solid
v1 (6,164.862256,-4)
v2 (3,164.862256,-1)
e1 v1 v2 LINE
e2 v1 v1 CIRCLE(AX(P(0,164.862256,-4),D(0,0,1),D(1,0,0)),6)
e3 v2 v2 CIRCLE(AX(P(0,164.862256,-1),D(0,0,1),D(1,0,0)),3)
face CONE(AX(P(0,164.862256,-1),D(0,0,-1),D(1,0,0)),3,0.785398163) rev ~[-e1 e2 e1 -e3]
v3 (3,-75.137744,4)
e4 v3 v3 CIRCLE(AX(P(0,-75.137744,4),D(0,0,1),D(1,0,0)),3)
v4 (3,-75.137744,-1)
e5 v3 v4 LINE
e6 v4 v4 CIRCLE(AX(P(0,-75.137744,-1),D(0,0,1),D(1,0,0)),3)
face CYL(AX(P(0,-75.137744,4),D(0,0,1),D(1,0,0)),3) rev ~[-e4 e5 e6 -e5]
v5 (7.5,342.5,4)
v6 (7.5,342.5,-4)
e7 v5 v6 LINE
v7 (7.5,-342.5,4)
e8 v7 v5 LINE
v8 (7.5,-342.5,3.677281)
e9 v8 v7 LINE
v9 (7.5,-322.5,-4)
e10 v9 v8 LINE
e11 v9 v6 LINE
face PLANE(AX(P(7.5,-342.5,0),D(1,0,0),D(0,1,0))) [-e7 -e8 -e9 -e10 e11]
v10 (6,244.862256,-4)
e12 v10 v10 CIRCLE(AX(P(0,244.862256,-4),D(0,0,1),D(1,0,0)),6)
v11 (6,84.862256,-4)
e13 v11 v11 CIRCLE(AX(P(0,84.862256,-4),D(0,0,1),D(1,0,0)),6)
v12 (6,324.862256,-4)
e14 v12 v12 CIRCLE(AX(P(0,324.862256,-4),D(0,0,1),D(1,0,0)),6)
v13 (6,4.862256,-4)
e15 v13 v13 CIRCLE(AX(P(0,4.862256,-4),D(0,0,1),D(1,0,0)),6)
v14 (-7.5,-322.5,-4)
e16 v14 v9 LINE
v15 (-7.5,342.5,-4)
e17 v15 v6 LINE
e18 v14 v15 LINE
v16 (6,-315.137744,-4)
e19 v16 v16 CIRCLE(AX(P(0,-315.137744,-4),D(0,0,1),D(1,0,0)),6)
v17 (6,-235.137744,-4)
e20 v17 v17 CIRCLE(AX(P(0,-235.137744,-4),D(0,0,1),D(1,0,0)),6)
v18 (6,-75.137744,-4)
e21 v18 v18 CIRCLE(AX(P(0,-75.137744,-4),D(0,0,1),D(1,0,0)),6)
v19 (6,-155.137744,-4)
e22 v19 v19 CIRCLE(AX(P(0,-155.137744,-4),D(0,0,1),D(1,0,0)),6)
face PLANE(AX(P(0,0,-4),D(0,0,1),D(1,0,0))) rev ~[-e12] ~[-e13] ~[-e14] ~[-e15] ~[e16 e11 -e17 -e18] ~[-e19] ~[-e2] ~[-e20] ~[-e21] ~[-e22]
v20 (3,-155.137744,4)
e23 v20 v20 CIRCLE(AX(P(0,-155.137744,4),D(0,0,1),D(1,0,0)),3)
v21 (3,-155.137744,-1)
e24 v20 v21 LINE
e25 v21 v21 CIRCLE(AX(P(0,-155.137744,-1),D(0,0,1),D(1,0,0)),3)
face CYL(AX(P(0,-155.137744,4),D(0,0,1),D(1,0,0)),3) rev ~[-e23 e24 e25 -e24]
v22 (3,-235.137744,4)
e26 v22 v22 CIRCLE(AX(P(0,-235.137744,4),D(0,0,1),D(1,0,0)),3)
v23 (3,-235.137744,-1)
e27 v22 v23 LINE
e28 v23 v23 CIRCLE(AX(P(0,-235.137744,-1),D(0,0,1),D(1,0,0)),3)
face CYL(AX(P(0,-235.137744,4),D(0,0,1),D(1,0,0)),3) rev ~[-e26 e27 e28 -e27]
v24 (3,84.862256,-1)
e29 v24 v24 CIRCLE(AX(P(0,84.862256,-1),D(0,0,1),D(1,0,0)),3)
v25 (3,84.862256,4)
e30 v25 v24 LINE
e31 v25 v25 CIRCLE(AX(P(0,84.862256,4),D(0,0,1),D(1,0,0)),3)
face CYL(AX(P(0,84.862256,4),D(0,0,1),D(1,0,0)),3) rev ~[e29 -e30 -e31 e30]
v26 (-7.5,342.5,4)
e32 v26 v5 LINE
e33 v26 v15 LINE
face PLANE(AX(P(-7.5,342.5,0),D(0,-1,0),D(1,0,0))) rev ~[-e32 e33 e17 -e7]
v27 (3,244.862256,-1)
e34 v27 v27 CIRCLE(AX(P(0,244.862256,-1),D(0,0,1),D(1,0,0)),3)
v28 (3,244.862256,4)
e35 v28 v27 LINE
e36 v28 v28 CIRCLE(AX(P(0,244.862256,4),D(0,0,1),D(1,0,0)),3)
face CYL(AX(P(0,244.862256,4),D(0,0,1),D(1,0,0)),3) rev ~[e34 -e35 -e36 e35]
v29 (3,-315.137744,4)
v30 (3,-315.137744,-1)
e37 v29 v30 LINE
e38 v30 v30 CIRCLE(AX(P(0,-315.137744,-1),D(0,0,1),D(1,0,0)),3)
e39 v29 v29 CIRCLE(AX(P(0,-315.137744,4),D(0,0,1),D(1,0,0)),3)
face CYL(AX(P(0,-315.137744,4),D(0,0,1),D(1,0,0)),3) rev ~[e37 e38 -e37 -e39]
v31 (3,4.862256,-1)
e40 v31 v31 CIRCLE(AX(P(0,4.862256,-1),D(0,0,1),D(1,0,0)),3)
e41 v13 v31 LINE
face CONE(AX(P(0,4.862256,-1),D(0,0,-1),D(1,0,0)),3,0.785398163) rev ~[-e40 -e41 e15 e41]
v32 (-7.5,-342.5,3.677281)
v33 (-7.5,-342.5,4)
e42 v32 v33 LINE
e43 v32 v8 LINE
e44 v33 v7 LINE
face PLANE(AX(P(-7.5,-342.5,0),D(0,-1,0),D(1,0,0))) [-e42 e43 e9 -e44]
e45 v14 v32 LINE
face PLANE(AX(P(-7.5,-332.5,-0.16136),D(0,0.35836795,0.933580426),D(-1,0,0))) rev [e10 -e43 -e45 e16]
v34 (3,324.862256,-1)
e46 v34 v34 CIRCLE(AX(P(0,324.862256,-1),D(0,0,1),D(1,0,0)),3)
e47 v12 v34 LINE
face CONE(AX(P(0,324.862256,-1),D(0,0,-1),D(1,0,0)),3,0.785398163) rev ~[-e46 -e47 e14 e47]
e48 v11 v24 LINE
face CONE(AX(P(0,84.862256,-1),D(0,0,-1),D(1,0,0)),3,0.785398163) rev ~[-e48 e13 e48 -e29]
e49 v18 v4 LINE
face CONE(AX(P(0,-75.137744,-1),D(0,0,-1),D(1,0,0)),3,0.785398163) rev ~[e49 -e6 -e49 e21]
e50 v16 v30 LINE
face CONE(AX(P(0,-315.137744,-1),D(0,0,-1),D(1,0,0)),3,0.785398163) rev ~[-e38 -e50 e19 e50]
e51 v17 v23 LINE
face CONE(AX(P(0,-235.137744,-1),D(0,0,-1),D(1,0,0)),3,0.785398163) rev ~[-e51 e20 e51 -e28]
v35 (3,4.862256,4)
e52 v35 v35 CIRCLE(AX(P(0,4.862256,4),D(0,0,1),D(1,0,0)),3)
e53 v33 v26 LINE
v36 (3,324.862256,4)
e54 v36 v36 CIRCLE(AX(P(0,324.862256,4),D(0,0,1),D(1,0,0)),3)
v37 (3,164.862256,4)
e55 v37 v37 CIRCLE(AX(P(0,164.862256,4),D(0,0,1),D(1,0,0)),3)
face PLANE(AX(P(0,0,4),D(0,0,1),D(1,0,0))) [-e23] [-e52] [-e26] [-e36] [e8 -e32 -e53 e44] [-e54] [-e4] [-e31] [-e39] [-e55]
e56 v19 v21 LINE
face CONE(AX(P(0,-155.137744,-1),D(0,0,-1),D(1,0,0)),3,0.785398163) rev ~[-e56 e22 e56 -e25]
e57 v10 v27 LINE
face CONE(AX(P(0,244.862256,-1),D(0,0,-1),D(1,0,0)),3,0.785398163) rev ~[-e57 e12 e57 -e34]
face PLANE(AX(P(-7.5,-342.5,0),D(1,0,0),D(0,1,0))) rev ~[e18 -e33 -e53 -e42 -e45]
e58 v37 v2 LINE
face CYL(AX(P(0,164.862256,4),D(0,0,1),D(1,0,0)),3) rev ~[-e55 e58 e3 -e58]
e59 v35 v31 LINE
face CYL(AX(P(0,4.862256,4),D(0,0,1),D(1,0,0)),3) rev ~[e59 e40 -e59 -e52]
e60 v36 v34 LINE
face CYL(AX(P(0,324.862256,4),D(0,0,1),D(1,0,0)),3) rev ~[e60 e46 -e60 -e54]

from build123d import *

# Parameters (mm, degrees)
SKETCH1_W           = 15
SKETCH1_H           = 685
BOSS_EXTRUDE1_DEPTH = 4
SKETCH2_R           = 3
CUT_EXTRUDE1_DEPTH  = 8
CHAMFER1_SIZE       = 20
CHAMFER1_SIZE2      = 7.677280701
LPATTERN1_COUNT     = 9
LPATTERN1_PITCH     = 80
CHAMFER2_SIZE       = 3


with BuildPart() as part:
    # Sketch1 → Boss-Extrude1 (new, symmetric)
    with BuildSketch(Plane.XY):
        Rectangle(SKETCH1_W, SKETCH1_H)
    extrude(amount=BOSS_EXTRUDE1_DEPTH, both=True)

    # Sketch2 → Cut-Extrude1 (cut)
    with BuildSketch(Plane.XY.offset(4)):
        with Locations((0, 324.86225561)):
            Circle(SKETCH2_R)
    cut_extrude1 = extrude(amount=-CUT_EXTRUDE1_DEPTH, mode=Mode.SUBTRACT)

    # Chamfer1
    chamfer1_edges = [part.edges().sort_by_distance(p)[0] for p in [
        (0, -342.5, -4),
    ]]
    chamfer1_side = [part.faces().sort_by_distance(p)[0] for p in [
        (0, -0.896409661, -4),
    ]]
    chamfer(chamfer1_edges, length=CHAMFER1_SIZE, length2=CHAMFER1_SIZE2, reference=chamfer1_side[0])

    # LPattern1: Cut-Extrude1 ×9
    with Locations(*[(0, -i * LPATTERN1_PITCH, 0) for i in range(1, LPATTERN1_COUNT)]):
        add(cut_extrude1, mode=Mode.SUBTRACT)

    # Chamfer2
    chamfer2_edges = [part.edges().sort_by_distance(p)[0] for p in [
        (-3, 324.86225561, -4),
        (-3, 244.86225561, -4),
        (-3, 164.86225561, -4),
        (-3, 84.86225561, -4),
        (-3, 4.86225561, -4),
        (-3, -75.13774439, -4),
        (-3, -155.13774439, -4),
        (-3, -235.13774439, -4),
        (-3, -315.13774439, -4),
    ]]
    chamfer(chamfer2_edges, length=CHAMFER2_SIZE)


solid = part.part
